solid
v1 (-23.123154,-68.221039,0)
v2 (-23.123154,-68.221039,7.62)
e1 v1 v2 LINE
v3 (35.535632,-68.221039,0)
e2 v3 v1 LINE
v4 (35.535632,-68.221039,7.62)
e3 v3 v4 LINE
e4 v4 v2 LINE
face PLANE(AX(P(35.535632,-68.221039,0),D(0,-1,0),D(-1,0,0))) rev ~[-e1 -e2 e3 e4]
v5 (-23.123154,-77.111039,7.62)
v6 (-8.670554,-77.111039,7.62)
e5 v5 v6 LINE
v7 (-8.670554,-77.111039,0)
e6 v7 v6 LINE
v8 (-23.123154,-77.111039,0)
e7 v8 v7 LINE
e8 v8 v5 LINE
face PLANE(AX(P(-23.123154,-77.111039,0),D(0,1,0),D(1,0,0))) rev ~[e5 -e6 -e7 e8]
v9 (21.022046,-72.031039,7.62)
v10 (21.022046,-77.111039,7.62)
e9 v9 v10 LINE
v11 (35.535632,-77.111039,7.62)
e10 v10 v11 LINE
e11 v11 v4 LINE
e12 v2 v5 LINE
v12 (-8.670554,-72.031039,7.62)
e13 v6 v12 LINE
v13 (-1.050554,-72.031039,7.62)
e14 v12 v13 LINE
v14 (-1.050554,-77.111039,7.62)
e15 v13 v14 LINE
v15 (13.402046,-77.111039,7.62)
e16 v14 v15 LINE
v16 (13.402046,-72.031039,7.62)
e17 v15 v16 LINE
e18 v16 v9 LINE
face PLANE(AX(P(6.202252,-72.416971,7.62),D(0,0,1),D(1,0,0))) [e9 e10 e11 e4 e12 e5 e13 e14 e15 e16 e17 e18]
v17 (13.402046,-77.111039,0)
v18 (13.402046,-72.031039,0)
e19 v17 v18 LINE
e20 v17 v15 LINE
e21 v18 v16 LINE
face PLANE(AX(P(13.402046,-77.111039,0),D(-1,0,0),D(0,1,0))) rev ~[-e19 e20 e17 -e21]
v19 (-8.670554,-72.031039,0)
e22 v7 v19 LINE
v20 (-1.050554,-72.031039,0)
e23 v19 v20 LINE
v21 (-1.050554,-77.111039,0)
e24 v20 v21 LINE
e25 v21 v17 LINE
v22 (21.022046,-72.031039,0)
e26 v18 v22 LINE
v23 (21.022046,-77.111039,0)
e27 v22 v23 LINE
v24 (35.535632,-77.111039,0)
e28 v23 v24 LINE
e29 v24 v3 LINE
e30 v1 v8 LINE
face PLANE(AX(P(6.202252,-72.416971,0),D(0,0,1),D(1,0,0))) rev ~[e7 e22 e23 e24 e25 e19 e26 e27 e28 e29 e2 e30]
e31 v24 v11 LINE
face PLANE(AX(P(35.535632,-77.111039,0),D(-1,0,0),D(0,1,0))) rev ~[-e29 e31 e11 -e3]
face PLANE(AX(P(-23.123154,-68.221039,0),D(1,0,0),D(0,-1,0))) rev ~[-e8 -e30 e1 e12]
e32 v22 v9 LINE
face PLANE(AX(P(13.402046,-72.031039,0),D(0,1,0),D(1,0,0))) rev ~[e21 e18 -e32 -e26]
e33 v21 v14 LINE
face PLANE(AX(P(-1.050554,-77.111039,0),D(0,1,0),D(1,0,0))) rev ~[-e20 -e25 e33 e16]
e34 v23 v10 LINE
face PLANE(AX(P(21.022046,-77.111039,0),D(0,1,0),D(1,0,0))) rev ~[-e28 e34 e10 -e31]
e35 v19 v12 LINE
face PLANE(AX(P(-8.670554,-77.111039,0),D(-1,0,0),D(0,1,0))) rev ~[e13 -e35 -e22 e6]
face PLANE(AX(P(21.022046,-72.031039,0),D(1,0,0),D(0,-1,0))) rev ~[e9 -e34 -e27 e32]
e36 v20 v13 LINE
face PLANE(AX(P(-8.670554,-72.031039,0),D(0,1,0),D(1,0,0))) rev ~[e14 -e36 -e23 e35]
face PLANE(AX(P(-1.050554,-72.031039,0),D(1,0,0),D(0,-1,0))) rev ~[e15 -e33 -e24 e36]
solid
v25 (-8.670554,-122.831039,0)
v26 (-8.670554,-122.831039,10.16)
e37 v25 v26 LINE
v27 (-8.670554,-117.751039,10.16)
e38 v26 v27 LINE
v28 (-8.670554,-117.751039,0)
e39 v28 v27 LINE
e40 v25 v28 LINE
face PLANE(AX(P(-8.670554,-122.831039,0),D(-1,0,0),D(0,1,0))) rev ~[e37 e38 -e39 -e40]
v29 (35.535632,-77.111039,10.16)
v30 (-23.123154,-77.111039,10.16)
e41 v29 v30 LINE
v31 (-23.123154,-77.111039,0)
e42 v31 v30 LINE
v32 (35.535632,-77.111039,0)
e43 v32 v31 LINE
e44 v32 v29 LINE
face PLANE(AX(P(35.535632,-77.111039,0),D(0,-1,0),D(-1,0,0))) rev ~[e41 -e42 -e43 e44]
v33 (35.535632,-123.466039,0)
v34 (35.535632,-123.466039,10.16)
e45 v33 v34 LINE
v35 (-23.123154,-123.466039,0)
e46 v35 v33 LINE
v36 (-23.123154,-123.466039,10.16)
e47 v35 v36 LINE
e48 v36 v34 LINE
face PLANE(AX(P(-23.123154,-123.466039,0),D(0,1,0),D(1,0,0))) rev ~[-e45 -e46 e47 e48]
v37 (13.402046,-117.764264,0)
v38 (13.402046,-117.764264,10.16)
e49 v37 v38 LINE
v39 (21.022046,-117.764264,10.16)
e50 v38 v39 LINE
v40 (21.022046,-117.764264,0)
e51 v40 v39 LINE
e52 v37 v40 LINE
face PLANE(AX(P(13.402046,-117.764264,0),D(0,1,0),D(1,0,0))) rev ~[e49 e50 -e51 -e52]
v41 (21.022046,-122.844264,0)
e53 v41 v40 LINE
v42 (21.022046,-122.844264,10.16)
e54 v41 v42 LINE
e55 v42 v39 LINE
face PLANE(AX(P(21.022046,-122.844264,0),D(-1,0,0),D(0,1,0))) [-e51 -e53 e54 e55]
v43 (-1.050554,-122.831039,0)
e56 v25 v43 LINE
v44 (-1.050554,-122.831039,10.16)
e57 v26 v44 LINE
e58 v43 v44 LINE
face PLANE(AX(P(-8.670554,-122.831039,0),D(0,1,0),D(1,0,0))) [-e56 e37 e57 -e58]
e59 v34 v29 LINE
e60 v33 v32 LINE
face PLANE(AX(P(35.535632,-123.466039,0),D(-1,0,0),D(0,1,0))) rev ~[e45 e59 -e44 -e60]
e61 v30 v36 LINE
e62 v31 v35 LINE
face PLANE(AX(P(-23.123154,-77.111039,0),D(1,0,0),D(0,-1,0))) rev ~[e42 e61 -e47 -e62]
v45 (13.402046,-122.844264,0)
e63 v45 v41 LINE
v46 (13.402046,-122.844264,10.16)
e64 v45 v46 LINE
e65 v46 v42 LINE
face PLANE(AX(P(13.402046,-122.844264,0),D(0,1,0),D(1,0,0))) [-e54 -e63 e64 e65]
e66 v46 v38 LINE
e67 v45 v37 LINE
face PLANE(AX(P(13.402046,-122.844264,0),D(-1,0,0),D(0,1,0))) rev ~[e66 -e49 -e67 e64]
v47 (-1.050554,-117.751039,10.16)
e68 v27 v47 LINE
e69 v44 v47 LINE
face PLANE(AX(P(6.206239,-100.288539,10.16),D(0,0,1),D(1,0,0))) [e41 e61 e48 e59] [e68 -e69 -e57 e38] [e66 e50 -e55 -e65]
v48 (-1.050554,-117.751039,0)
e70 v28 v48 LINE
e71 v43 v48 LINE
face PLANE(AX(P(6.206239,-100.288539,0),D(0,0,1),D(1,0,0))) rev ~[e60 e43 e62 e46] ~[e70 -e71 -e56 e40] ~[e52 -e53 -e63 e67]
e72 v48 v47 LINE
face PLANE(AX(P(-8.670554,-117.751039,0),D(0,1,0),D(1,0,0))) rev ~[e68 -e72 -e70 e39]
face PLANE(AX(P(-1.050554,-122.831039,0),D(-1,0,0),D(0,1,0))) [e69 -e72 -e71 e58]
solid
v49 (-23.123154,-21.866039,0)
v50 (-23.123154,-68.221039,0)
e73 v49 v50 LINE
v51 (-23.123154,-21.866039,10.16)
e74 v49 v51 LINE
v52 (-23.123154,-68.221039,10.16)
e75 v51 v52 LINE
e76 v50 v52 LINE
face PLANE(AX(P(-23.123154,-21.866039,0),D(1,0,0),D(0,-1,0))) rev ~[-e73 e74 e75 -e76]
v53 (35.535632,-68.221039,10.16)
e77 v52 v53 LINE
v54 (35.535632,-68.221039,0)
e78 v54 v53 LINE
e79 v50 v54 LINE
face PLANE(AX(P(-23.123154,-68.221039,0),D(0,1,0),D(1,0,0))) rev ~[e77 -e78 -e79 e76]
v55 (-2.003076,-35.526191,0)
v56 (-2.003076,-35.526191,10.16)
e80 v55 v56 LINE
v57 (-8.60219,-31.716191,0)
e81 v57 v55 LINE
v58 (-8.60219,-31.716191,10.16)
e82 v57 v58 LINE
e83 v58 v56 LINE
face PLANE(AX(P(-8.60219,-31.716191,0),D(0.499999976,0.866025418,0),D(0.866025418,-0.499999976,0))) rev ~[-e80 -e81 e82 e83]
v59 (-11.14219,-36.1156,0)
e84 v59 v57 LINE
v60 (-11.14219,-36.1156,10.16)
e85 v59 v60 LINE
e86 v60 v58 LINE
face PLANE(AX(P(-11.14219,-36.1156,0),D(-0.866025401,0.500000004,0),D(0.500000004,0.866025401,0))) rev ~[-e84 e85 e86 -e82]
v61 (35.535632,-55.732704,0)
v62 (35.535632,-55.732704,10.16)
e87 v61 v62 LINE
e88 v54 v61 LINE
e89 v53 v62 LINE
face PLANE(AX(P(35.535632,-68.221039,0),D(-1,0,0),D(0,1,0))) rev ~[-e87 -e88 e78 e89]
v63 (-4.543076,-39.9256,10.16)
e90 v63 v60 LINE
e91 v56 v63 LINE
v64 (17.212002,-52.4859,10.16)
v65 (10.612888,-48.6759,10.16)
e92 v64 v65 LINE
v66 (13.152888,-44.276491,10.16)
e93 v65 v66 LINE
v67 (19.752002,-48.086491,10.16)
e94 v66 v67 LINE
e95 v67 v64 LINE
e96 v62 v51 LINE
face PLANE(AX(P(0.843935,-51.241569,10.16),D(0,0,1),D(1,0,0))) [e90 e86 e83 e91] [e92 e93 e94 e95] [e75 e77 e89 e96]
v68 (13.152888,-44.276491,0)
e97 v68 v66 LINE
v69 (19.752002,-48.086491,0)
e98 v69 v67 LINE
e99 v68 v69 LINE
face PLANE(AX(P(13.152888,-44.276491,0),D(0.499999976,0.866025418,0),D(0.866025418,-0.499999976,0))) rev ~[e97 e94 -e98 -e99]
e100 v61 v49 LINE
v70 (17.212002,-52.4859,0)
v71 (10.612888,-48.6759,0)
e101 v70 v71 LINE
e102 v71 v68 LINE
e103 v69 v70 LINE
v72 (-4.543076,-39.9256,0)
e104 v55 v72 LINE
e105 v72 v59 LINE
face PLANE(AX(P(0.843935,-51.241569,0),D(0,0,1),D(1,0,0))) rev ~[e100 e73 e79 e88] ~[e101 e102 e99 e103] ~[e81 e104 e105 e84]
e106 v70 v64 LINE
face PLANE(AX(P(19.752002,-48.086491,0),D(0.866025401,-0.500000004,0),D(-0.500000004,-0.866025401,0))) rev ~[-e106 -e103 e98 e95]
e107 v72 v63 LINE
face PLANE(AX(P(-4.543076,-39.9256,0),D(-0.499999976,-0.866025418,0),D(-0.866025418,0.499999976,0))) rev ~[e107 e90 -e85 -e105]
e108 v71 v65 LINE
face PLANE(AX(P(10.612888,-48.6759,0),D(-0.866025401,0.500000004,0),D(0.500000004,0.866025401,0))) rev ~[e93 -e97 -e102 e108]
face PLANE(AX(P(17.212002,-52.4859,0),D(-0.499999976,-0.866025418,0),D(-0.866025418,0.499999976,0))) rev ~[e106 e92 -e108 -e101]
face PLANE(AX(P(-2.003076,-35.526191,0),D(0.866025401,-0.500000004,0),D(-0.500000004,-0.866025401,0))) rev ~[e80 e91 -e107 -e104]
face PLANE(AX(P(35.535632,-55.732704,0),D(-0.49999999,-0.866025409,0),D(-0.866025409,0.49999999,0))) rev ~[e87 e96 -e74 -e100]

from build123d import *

# Parameters (mm, degrees)
F0_W     = 7.62
F0_H     = 5.08
F1_DEPTH = 10.16
F2_DEPTH = 7.62


with BuildPart() as f1:
    # F0 (on Top) → F1 (new body)
    with BuildSketch(Plane.XY):
        Polygon((35.535632, -55.732704), (-23.123154, -21.866039), (-23.123154, -68.221039), (35.535632, -68.221039), align=None)
        Polygon((-11.14219, -36.1156), (-8.60219, -31.716191), (-2.003076, -35.526191), (-4.543076, -39.9256), align=None, mode=Mode.SUBTRACT)
        Polygon((17.212002, -52.4859), (10.612888, -48.6759), (13.152888, -44.276491), (19.752002, -48.086491), align=None, mode=Mode.SUBTRACT)
        Polygon((-8.670554, -77.111039), (-23.123154, -77.111039), (-23.123154, -123.466039), (8.804092, -123.466039), (25.314092, -123.466039), (35.535632, -123.466039), (35.535632, -77.111039), (21.022046, -77.111039), (13.402046, -77.111039), (-1.050554, -77.111039), align=None)
        with Locations((-4.860554, -120.291039)):
            Rectangle(F0_W, F0_H, mode=Mode.SUBTRACT)
        with Locations((17.212046, -120.304264)):
            Rectangle(F0_W, F0_H, mode=Mode.SUBTRACT)
    extrude(amount=F1_DEPTH)


with BuildPart() as f2:
    # F0 (on Top) → F2 (new body)
    with BuildSketch(Plane.XY):
        Polygon((35.535632, -68.221039), (-23.123154, -68.221039), (-23.123154, -77.111039), (-8.670554, -77.111039), (-8.670554, -72.031039), (-1.050554, -72.031039), (-1.050554, -77.111039), (13.402046, -77.111039), (13.402046, -72.031039), (21.022046, -72.031039), (21.022046, -77.111039), (35.535632, -77.111039), align=None)
    extrude(amount=F2_DEPTH)


solid = Compound([f1.part, f2.part])
